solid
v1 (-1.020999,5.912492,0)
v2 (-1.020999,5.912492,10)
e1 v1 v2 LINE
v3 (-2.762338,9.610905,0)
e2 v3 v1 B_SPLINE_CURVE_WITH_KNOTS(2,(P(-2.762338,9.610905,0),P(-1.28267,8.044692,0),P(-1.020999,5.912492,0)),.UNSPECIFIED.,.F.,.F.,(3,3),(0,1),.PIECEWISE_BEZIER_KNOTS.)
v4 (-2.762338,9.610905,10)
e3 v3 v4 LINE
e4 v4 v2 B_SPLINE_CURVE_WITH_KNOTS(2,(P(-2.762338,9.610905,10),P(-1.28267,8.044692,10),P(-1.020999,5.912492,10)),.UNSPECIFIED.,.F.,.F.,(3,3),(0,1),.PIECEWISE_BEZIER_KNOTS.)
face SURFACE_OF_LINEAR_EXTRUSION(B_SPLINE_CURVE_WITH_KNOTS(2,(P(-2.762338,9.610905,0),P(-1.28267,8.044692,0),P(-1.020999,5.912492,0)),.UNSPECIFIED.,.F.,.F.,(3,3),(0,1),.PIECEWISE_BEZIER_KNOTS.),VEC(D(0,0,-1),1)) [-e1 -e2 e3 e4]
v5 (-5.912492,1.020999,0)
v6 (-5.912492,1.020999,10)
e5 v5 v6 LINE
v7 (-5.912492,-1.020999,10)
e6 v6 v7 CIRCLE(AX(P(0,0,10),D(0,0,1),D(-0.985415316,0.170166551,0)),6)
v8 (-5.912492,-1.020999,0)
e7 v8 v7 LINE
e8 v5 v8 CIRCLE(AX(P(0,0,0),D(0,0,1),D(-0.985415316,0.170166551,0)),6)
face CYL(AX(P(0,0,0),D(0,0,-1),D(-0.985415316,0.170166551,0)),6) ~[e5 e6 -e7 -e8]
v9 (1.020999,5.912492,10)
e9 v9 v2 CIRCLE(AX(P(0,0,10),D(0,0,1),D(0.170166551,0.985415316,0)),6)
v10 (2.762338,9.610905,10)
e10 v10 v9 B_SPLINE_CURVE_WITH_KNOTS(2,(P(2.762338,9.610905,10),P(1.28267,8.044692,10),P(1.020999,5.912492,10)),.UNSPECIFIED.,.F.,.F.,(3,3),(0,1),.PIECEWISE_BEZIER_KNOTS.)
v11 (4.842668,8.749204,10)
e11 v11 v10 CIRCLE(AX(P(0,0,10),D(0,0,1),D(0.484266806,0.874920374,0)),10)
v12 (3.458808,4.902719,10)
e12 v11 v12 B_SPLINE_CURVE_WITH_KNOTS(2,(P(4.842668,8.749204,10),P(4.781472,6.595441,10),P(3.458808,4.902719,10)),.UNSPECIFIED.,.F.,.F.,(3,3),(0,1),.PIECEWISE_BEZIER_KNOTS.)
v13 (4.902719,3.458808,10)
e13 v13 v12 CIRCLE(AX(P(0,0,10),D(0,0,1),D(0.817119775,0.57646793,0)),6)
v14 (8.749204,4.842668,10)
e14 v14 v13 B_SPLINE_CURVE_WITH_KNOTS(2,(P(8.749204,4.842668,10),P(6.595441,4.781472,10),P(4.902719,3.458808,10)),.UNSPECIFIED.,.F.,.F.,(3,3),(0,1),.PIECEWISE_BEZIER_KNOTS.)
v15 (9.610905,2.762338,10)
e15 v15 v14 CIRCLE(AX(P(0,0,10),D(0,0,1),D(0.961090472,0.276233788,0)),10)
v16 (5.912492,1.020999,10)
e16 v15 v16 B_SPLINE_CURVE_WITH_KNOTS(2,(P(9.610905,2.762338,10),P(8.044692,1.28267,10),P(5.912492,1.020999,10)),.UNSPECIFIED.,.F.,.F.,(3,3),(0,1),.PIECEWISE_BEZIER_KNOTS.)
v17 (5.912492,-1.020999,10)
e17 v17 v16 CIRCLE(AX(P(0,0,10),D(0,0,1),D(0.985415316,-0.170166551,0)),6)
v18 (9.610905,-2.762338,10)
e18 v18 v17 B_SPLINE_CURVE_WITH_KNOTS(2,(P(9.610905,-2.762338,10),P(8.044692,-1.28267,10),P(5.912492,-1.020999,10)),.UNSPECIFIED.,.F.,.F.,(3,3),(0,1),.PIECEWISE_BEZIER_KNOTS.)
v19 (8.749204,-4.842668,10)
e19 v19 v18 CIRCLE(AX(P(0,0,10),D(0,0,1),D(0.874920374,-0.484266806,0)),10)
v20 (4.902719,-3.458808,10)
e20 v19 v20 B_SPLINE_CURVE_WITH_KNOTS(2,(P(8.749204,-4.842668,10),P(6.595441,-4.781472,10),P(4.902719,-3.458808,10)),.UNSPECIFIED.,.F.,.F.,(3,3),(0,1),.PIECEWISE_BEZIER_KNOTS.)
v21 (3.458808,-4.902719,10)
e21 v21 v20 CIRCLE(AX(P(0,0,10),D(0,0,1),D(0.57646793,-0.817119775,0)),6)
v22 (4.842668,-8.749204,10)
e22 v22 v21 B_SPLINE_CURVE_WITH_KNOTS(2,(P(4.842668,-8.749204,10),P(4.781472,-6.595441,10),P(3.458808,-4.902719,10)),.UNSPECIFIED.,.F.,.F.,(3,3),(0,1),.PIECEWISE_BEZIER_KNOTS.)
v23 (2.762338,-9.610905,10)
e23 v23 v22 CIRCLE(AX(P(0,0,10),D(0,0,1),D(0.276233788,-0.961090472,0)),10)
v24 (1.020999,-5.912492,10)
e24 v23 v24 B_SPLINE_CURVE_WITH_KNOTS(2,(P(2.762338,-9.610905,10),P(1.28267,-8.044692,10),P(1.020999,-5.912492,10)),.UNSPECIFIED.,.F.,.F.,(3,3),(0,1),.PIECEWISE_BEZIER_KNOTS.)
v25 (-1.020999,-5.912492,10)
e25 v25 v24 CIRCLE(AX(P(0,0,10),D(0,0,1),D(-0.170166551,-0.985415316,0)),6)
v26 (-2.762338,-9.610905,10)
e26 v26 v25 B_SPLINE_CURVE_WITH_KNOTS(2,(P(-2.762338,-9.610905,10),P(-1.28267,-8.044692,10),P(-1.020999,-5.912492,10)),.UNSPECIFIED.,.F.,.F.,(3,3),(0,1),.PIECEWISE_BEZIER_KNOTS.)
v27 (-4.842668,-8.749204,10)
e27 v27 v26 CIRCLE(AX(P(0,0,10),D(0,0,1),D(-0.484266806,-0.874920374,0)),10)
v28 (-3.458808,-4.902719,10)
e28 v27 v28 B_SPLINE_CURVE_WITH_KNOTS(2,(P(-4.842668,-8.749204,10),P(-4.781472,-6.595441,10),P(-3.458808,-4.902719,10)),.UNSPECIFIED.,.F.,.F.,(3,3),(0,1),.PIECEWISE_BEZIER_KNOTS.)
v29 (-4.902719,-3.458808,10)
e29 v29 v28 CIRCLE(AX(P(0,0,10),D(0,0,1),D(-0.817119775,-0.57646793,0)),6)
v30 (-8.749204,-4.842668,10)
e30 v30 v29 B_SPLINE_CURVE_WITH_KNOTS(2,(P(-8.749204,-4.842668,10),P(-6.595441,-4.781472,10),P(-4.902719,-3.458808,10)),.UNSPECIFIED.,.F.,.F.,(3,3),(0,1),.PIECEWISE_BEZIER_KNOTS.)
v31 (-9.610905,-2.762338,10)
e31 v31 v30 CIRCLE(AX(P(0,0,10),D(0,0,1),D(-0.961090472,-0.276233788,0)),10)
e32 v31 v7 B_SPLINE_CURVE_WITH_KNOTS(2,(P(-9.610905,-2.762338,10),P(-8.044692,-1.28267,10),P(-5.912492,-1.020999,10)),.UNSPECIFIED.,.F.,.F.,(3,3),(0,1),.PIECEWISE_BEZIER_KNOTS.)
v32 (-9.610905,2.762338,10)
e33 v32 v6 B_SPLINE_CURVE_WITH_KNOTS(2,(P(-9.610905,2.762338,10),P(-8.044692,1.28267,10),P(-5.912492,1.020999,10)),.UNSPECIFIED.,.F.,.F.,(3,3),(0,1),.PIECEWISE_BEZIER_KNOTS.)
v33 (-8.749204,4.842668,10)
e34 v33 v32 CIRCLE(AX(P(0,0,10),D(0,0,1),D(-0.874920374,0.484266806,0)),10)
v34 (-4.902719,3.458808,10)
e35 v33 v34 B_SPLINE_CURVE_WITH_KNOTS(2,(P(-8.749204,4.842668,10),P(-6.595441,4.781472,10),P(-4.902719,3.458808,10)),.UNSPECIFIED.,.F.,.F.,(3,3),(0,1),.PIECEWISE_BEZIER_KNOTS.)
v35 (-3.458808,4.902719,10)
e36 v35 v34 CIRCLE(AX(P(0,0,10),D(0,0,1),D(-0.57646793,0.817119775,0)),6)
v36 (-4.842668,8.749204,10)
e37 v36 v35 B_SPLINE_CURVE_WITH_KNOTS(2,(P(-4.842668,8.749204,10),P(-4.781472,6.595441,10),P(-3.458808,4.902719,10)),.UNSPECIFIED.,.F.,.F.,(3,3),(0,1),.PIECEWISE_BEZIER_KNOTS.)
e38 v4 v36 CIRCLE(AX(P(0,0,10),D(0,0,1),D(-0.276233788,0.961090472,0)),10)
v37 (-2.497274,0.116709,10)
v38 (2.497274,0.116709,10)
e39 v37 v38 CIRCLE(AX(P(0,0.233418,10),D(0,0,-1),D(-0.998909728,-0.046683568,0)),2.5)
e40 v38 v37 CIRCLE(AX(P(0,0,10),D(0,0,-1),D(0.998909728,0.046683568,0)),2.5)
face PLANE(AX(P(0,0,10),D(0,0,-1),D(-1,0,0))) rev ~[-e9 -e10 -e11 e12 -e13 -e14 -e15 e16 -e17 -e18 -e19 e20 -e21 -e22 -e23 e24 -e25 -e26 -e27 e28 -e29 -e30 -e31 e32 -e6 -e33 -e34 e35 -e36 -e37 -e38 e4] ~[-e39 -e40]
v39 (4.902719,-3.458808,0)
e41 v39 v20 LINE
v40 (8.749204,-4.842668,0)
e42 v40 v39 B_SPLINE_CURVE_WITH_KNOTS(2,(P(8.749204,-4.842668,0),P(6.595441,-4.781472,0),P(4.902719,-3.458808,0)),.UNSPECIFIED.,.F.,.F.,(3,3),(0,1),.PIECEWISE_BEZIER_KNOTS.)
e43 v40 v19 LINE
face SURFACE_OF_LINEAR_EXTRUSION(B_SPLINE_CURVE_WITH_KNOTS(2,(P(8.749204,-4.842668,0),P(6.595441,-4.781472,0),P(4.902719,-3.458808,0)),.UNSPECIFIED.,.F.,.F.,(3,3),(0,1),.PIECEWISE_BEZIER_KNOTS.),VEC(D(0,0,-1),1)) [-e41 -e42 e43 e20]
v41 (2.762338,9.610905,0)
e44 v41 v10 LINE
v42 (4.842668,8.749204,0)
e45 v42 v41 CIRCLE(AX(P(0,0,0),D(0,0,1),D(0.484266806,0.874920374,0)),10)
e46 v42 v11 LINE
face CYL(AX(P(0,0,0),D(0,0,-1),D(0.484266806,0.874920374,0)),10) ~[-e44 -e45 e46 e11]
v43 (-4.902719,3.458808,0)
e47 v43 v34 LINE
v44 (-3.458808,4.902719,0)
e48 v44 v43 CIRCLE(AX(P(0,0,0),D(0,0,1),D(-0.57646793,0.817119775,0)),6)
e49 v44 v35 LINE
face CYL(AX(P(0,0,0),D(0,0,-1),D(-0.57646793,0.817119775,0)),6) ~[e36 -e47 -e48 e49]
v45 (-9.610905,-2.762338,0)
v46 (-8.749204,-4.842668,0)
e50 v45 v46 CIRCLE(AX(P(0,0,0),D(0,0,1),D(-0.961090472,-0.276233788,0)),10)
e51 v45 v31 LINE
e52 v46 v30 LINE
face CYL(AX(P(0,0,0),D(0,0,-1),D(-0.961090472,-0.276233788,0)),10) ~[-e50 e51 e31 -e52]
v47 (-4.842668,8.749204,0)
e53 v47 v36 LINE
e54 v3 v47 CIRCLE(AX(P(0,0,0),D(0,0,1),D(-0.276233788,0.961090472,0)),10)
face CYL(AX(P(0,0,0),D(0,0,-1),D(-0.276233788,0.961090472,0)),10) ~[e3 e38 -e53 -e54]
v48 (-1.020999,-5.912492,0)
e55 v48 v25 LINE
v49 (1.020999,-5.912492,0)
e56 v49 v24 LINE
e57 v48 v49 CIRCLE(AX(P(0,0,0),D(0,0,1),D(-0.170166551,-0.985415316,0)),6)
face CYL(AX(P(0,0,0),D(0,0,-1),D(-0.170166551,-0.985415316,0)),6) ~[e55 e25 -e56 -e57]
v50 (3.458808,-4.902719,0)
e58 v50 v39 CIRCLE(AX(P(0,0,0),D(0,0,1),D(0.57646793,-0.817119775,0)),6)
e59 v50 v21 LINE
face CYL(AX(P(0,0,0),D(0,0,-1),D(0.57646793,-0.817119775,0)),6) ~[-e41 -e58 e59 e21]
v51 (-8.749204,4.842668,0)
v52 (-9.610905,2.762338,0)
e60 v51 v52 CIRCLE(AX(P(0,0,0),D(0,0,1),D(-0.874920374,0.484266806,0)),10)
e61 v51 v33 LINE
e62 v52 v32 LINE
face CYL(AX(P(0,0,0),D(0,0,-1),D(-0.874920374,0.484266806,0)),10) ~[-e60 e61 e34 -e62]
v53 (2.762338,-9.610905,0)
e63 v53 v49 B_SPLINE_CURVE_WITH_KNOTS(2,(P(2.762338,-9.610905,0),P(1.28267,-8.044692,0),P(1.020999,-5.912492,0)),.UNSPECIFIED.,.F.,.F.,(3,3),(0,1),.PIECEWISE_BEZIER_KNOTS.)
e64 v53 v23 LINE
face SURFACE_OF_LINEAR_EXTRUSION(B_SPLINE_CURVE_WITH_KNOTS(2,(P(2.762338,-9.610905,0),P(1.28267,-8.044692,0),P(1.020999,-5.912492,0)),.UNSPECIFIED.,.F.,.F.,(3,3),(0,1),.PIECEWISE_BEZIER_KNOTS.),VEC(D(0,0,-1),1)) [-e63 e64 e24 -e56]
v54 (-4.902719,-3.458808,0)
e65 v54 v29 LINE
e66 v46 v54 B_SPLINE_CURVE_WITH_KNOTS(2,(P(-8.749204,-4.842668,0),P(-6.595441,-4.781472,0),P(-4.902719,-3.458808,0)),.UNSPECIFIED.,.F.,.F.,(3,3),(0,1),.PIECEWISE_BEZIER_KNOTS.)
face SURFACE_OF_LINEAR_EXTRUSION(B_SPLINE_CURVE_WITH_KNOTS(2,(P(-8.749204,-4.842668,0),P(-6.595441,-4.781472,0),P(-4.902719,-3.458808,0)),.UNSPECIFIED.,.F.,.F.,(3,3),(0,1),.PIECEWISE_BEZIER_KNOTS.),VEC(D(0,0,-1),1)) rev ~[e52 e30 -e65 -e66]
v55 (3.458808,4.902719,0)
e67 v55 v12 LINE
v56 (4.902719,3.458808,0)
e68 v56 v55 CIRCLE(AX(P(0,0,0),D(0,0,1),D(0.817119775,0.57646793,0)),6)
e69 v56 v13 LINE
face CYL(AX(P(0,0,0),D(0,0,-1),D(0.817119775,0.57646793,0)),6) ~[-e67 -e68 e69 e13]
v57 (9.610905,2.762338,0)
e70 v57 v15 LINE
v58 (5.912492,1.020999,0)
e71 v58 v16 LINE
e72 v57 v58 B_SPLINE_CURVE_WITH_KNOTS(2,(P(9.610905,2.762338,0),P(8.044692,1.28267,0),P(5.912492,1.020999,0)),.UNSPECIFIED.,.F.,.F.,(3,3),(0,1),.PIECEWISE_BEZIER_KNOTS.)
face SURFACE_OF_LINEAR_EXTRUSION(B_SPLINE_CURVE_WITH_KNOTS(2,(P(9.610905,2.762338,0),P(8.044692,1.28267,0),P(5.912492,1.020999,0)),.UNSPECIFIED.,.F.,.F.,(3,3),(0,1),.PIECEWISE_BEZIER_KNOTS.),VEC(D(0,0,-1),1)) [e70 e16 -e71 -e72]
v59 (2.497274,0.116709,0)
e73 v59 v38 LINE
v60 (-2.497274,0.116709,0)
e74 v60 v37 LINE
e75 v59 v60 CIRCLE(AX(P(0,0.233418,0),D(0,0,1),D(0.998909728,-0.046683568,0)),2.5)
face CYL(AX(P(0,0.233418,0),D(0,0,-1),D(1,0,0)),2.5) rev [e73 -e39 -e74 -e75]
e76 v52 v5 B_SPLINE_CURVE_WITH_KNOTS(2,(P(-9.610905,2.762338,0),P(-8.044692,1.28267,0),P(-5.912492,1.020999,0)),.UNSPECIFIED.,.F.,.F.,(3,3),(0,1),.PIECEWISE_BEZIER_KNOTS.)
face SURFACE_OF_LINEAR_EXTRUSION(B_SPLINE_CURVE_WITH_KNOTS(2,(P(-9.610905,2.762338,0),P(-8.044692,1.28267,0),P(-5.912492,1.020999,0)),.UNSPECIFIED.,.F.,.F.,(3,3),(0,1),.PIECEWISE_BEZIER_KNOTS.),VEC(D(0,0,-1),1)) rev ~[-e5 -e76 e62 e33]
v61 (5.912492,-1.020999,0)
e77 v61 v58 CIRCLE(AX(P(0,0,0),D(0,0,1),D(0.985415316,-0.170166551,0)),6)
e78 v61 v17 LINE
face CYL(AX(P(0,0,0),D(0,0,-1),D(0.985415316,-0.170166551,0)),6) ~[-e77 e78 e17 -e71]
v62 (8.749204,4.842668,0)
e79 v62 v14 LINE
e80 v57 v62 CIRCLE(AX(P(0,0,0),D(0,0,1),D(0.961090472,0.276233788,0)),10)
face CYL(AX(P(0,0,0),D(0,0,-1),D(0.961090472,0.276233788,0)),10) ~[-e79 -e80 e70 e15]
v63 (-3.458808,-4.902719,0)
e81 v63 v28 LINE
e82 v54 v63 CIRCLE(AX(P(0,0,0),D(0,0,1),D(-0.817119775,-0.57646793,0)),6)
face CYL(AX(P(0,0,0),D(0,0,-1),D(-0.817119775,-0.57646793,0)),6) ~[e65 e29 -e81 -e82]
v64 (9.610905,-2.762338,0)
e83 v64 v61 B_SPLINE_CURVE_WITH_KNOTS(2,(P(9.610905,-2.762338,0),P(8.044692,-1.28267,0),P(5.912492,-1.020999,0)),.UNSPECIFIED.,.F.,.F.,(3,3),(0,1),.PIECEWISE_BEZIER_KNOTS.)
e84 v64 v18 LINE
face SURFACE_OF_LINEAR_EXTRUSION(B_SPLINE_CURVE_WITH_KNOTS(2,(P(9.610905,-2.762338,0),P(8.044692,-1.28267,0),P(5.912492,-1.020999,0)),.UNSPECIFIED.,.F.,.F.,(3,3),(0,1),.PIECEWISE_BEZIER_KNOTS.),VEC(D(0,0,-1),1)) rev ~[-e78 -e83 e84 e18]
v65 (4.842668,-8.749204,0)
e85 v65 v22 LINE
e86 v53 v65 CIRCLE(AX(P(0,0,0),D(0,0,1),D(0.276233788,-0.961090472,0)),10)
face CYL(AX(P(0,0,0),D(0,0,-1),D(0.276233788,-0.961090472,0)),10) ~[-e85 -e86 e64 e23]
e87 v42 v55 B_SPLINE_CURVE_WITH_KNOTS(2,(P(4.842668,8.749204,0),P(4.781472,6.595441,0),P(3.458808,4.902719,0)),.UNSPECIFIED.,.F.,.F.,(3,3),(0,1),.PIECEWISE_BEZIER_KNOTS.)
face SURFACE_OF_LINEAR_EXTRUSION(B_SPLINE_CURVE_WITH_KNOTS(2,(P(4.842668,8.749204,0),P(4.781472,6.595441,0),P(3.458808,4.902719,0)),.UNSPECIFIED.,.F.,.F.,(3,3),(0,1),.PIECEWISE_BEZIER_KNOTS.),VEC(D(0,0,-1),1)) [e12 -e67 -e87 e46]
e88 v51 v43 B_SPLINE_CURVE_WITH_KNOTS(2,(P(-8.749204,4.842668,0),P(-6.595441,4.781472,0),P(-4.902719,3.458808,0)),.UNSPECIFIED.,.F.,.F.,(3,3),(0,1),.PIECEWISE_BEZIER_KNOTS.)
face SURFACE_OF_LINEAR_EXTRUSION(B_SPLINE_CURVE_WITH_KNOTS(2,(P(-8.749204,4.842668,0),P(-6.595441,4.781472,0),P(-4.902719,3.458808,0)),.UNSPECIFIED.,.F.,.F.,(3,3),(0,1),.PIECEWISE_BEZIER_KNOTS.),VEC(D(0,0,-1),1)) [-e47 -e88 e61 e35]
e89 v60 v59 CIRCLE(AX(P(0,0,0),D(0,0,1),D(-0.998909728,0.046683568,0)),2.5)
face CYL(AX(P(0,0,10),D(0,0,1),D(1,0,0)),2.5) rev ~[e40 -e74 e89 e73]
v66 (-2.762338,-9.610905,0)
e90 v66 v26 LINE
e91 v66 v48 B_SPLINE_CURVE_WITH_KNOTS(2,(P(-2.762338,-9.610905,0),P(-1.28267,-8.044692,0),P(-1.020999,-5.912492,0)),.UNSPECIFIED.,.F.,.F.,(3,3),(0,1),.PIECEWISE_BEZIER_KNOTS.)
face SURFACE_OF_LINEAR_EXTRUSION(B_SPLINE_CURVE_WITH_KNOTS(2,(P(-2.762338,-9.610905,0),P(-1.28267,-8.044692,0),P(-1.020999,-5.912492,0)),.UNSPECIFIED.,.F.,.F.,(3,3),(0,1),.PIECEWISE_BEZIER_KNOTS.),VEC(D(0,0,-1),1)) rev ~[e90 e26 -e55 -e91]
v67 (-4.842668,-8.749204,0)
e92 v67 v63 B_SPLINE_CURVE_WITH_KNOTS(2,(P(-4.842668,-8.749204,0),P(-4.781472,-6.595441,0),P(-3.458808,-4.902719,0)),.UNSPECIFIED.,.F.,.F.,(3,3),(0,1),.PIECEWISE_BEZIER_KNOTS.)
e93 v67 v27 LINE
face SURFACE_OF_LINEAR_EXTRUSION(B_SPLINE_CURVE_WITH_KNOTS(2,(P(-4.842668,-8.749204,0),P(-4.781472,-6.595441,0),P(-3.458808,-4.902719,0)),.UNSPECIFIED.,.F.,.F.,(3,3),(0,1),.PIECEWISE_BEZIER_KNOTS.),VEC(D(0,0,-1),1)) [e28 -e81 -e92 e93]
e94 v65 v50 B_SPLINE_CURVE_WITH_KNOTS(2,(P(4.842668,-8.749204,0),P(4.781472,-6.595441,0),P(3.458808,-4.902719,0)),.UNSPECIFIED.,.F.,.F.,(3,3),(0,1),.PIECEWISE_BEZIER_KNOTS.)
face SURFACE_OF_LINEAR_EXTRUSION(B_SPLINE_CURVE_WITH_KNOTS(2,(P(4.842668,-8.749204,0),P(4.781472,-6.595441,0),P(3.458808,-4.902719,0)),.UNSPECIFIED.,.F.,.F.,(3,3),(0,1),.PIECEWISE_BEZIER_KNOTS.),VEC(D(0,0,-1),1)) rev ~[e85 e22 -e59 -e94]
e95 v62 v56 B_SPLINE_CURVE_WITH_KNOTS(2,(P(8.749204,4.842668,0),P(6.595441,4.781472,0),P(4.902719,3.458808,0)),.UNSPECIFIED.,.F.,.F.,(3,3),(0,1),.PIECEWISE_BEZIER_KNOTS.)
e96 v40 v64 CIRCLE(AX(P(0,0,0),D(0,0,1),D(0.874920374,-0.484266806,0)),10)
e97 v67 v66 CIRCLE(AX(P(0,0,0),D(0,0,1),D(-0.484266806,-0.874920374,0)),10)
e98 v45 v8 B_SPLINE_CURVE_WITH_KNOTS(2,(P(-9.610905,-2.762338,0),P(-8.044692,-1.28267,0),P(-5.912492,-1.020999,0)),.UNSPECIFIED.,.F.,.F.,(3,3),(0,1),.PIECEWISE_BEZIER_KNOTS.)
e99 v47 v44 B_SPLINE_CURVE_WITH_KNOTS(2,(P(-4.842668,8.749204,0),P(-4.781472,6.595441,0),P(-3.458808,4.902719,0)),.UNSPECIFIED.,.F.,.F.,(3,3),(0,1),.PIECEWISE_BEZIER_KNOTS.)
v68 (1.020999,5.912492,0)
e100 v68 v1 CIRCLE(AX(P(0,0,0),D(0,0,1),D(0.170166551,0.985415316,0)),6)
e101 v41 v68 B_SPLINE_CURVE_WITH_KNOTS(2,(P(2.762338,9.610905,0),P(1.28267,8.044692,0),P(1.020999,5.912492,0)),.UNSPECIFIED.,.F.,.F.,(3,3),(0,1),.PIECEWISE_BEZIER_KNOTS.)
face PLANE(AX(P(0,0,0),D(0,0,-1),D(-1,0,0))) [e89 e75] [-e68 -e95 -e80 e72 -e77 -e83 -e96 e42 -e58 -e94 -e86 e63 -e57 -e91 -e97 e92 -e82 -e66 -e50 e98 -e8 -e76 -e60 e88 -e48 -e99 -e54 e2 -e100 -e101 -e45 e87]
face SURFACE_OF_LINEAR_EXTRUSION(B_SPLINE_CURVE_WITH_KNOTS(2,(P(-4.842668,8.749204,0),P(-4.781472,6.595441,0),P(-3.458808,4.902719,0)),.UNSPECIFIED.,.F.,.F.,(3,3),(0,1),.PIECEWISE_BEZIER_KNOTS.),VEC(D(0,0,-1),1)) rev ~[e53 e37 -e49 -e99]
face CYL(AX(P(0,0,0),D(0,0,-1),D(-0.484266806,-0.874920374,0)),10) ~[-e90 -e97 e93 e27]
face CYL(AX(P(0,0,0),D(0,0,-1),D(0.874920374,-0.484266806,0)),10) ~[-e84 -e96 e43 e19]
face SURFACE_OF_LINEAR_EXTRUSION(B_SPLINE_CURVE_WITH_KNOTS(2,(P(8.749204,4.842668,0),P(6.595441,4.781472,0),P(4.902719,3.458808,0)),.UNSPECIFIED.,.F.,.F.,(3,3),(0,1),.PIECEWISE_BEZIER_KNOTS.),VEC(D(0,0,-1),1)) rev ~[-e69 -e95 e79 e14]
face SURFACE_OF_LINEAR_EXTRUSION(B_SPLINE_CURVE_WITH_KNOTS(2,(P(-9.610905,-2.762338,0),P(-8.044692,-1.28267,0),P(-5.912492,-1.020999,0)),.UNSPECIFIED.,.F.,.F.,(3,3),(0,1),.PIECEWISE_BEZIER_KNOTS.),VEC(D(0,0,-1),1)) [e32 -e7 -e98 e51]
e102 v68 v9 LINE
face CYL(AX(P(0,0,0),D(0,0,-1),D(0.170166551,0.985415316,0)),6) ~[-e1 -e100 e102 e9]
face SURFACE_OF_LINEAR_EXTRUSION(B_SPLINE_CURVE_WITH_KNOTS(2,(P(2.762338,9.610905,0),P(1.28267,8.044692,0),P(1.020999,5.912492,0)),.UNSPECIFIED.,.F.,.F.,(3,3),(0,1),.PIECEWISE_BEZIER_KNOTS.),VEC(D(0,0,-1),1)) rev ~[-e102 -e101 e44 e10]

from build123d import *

# Parameters (mm, degrees)
SKETCH1_R           = 2.5
BOSS_EXTRUDE2_DEPTH = 10
CUT_EXTRUDE1_REACH  = 18.874
SKETCH2_R           = 2.5


with BuildPart() as part:
    # Sketch1 → Boss-Extrude2 (new body)
    with BuildSketch(Plane.XY):
        with BuildLine():
            add(Edge.make_bspline(
                [(9.610904716, 2.762337877), (8.044691719, 1.282669722), (5.912491895, 1.020999313)],
                knots=[0, 0, 0, 1, 1, 1], degree=2))
            ThreePointArc((9.610904716, 2.762337877), (9.238795325, 3.826834324), (8.749203742, 4.842668053))
            add(Edge.make_bspline(
                [(8.749203742, 4.842668053), (6.595440526, 4.781471609), (4.90271865, 3.458807575)],
                knots=[0, 0, 0, 1, 1, 1], degree=2))
            ThreePointArc((4.90271865, 3.458807575), (4.242640687, 4.242640687), (3.458807575, 4.90271865))
            add(Edge.make_bspline(
                [(4.842668053, 8.749203742), (4.781471609, 6.595440526), (3.458807575, 4.90271865)],
                knots=[0, 0, 0, 1, 1, 1], degree=2))
            ThreePointArc((4.842668053, 8.749203742), (3.826834324, 9.238795325), (2.762337877, 9.610904716))
            add(Edge.make_bspline(
                [(2.762337877, 9.610904716), (1.282669722, 8.044691719), (1.020999313, 5.912491895)],
                knots=[0, 0, 0, 1, 1, 1], degree=2))
            ThreePointArc((1.020999313, 5.912491895), (0, 6), (-1.020999313, 5.912491895))
            add(Edge.make_bspline(
                [(-2.762337877, 9.610904716), (-1.282669722, 8.044691719), (-1.020999313, 5.912491895)],
                knots=[0, 0, 0, 1, 1, 1], degree=2))
            ThreePointArc((-2.762337877, 9.610904716), (-3.826834324, 9.238795325), (-4.842668053, 8.749203742))
            add(Edge.make_bspline(
                [(-4.842668053, 8.749203742), (-4.781471609, 6.595440526), (-3.458807575, 4.90271865)],
                knots=[0, 0, 0, 1, 1, 1], degree=2))
            ThreePointArc((-3.458807575, 4.90271865), (-4.242640687, 4.242640687), (-4.90271865, 3.458807575))
            add(Edge.make_bspline(
                [(-8.749203742, 4.842668053), (-6.595440526, 4.781471609), (-4.90271865, 3.458807575)],
                knots=[0, 0, 0, 1, 1, 1], degree=2))
            ThreePointArc((-8.749203742, 4.842668053), (-9.238795325, 3.826834324), (-9.610904716, 2.762337877))
            add(Edge.make_bspline(
                [(-9.610904716, 2.762337877), (-8.044691719, 1.282669722), (-5.912491895, 1.020999313)],
                knots=[0, 0, 0, 1, 1, 1], degree=2))
            ThreePointArc((-5.912491895, 1.020999313), (-6, 0), (-5.912491895, -1.020999313))
            add(Edge.make_bspline(
                [(-9.610904716, -2.762337877), (-8.044691719, -1.282669722), (-5.912491895, -1.020999313)],
                knots=[0, 0, 0, 1, 1, 1], degree=2))
            ThreePointArc((-9.610904716, -2.762337877), (-9.238795325, -3.826834324), (-8.749203742, -4.842668053))
            add(Edge.make_bspline(
                [(-8.749203742, -4.842668053), (-6.595440526, -4.781471609), (-4.90271865, -3.458807575)],
                knots=[0, 0, 0, 1, 1, 1], degree=2))
            ThreePointArc((-4.90271865, -3.458807575), (-4.242640687, -4.242640687), (-3.458807575, -4.90271865))
            add(Edge.make_bspline(
                [(-4.842668053, -8.749203742), (-4.781471609, -6.595440526), (-3.458807575, -4.90271865)],
                knots=[0, 0, 0, 1, 1, 1], degree=2))
            ThreePointArc((-4.842668053, -8.749203742), (-3.826834324, -9.238795325), (-2.762337877, -9.610904716))
            add(Edge.make_bspline(
                [(-2.762337877, -9.610904716), (-1.282669722, -8.044691719), (-1.020999313, -5.912491895)],
                knots=[0, 0, 0, 1, 1, 1], degree=2))
            ThreePointArc((-1.020999313, -5.912491895), (0, -6), (1.020999313, -5.912491895))
            add(Edge.make_bspline(
                [(2.762337877, -9.610904716), (1.282669722, -8.044691719), (1.020999313, -5.912491895)],
                knots=[0, 0, 0, 1, 1, 1], degree=2))
            ThreePointArc((2.762337877, -9.610904716), (3.826834324, -9.238795325), (4.842668053, -8.749203742))
            add(Edge.make_bspline(
                [(4.842668053, -8.749203742), (4.781471609, -6.595440526), (3.458807575, -4.90271865)],
                knots=[0, 0, 0, 1, 1, 1], degree=2))
            ThreePointArc((3.458807575, -4.90271865), (4.242640687, -4.242640687), (4.90271865, -3.458807575))
            add(Edge.make_bspline(
                [(8.749203742, -4.842668053), (6.595440526, -4.781471609), (4.90271865, -3.458807575)],
                knots=[0, 0, 0, 1, 1, 1], degree=2))
            ThreePointArc((8.749203742, -4.842668053), (9.238795325, -3.826834324), (9.610904716, -2.762337877))
            add(Edge.make_bspline(
                [(9.610904716, -2.762337877), (8.044691719, -1.282669722), (5.912491895, -1.020999313)],
                knots=[0, 0, 0, 1, 1, 1], degree=2))
            ThreePointArc((5.912491895, -1.020999313), (6, 0), (5.912491895, 1.020999313))
        make_face()
        with Locations((0, 0.23341784)):
            Circle(SKETCH1_R, mode=Mode.SUBTRACT)
    extrude(amount=BOSS_EXTRUDE2_DEPTH)

    # Sketch2 → Cut-Extrude1 (cut, up to next)
    with BuildSketch(Plane.XY.offset(10), mode=Mode.PRIVATE) as cut_extrude1_sk1:
        Circle(SKETCH2_R)
    cut_extrude1_tool1 = extrude(cut_extrude1_sk1.sketch, amount=-CUT_EXTRUDE1_REACH, mode=Mode.PRIVATE) & part.part
    add(cut_extrude1_tool1.solids().sort_by_distance((0, 0, 10))[0], mode=Mode.SUBTRACT)


solid = part.part
